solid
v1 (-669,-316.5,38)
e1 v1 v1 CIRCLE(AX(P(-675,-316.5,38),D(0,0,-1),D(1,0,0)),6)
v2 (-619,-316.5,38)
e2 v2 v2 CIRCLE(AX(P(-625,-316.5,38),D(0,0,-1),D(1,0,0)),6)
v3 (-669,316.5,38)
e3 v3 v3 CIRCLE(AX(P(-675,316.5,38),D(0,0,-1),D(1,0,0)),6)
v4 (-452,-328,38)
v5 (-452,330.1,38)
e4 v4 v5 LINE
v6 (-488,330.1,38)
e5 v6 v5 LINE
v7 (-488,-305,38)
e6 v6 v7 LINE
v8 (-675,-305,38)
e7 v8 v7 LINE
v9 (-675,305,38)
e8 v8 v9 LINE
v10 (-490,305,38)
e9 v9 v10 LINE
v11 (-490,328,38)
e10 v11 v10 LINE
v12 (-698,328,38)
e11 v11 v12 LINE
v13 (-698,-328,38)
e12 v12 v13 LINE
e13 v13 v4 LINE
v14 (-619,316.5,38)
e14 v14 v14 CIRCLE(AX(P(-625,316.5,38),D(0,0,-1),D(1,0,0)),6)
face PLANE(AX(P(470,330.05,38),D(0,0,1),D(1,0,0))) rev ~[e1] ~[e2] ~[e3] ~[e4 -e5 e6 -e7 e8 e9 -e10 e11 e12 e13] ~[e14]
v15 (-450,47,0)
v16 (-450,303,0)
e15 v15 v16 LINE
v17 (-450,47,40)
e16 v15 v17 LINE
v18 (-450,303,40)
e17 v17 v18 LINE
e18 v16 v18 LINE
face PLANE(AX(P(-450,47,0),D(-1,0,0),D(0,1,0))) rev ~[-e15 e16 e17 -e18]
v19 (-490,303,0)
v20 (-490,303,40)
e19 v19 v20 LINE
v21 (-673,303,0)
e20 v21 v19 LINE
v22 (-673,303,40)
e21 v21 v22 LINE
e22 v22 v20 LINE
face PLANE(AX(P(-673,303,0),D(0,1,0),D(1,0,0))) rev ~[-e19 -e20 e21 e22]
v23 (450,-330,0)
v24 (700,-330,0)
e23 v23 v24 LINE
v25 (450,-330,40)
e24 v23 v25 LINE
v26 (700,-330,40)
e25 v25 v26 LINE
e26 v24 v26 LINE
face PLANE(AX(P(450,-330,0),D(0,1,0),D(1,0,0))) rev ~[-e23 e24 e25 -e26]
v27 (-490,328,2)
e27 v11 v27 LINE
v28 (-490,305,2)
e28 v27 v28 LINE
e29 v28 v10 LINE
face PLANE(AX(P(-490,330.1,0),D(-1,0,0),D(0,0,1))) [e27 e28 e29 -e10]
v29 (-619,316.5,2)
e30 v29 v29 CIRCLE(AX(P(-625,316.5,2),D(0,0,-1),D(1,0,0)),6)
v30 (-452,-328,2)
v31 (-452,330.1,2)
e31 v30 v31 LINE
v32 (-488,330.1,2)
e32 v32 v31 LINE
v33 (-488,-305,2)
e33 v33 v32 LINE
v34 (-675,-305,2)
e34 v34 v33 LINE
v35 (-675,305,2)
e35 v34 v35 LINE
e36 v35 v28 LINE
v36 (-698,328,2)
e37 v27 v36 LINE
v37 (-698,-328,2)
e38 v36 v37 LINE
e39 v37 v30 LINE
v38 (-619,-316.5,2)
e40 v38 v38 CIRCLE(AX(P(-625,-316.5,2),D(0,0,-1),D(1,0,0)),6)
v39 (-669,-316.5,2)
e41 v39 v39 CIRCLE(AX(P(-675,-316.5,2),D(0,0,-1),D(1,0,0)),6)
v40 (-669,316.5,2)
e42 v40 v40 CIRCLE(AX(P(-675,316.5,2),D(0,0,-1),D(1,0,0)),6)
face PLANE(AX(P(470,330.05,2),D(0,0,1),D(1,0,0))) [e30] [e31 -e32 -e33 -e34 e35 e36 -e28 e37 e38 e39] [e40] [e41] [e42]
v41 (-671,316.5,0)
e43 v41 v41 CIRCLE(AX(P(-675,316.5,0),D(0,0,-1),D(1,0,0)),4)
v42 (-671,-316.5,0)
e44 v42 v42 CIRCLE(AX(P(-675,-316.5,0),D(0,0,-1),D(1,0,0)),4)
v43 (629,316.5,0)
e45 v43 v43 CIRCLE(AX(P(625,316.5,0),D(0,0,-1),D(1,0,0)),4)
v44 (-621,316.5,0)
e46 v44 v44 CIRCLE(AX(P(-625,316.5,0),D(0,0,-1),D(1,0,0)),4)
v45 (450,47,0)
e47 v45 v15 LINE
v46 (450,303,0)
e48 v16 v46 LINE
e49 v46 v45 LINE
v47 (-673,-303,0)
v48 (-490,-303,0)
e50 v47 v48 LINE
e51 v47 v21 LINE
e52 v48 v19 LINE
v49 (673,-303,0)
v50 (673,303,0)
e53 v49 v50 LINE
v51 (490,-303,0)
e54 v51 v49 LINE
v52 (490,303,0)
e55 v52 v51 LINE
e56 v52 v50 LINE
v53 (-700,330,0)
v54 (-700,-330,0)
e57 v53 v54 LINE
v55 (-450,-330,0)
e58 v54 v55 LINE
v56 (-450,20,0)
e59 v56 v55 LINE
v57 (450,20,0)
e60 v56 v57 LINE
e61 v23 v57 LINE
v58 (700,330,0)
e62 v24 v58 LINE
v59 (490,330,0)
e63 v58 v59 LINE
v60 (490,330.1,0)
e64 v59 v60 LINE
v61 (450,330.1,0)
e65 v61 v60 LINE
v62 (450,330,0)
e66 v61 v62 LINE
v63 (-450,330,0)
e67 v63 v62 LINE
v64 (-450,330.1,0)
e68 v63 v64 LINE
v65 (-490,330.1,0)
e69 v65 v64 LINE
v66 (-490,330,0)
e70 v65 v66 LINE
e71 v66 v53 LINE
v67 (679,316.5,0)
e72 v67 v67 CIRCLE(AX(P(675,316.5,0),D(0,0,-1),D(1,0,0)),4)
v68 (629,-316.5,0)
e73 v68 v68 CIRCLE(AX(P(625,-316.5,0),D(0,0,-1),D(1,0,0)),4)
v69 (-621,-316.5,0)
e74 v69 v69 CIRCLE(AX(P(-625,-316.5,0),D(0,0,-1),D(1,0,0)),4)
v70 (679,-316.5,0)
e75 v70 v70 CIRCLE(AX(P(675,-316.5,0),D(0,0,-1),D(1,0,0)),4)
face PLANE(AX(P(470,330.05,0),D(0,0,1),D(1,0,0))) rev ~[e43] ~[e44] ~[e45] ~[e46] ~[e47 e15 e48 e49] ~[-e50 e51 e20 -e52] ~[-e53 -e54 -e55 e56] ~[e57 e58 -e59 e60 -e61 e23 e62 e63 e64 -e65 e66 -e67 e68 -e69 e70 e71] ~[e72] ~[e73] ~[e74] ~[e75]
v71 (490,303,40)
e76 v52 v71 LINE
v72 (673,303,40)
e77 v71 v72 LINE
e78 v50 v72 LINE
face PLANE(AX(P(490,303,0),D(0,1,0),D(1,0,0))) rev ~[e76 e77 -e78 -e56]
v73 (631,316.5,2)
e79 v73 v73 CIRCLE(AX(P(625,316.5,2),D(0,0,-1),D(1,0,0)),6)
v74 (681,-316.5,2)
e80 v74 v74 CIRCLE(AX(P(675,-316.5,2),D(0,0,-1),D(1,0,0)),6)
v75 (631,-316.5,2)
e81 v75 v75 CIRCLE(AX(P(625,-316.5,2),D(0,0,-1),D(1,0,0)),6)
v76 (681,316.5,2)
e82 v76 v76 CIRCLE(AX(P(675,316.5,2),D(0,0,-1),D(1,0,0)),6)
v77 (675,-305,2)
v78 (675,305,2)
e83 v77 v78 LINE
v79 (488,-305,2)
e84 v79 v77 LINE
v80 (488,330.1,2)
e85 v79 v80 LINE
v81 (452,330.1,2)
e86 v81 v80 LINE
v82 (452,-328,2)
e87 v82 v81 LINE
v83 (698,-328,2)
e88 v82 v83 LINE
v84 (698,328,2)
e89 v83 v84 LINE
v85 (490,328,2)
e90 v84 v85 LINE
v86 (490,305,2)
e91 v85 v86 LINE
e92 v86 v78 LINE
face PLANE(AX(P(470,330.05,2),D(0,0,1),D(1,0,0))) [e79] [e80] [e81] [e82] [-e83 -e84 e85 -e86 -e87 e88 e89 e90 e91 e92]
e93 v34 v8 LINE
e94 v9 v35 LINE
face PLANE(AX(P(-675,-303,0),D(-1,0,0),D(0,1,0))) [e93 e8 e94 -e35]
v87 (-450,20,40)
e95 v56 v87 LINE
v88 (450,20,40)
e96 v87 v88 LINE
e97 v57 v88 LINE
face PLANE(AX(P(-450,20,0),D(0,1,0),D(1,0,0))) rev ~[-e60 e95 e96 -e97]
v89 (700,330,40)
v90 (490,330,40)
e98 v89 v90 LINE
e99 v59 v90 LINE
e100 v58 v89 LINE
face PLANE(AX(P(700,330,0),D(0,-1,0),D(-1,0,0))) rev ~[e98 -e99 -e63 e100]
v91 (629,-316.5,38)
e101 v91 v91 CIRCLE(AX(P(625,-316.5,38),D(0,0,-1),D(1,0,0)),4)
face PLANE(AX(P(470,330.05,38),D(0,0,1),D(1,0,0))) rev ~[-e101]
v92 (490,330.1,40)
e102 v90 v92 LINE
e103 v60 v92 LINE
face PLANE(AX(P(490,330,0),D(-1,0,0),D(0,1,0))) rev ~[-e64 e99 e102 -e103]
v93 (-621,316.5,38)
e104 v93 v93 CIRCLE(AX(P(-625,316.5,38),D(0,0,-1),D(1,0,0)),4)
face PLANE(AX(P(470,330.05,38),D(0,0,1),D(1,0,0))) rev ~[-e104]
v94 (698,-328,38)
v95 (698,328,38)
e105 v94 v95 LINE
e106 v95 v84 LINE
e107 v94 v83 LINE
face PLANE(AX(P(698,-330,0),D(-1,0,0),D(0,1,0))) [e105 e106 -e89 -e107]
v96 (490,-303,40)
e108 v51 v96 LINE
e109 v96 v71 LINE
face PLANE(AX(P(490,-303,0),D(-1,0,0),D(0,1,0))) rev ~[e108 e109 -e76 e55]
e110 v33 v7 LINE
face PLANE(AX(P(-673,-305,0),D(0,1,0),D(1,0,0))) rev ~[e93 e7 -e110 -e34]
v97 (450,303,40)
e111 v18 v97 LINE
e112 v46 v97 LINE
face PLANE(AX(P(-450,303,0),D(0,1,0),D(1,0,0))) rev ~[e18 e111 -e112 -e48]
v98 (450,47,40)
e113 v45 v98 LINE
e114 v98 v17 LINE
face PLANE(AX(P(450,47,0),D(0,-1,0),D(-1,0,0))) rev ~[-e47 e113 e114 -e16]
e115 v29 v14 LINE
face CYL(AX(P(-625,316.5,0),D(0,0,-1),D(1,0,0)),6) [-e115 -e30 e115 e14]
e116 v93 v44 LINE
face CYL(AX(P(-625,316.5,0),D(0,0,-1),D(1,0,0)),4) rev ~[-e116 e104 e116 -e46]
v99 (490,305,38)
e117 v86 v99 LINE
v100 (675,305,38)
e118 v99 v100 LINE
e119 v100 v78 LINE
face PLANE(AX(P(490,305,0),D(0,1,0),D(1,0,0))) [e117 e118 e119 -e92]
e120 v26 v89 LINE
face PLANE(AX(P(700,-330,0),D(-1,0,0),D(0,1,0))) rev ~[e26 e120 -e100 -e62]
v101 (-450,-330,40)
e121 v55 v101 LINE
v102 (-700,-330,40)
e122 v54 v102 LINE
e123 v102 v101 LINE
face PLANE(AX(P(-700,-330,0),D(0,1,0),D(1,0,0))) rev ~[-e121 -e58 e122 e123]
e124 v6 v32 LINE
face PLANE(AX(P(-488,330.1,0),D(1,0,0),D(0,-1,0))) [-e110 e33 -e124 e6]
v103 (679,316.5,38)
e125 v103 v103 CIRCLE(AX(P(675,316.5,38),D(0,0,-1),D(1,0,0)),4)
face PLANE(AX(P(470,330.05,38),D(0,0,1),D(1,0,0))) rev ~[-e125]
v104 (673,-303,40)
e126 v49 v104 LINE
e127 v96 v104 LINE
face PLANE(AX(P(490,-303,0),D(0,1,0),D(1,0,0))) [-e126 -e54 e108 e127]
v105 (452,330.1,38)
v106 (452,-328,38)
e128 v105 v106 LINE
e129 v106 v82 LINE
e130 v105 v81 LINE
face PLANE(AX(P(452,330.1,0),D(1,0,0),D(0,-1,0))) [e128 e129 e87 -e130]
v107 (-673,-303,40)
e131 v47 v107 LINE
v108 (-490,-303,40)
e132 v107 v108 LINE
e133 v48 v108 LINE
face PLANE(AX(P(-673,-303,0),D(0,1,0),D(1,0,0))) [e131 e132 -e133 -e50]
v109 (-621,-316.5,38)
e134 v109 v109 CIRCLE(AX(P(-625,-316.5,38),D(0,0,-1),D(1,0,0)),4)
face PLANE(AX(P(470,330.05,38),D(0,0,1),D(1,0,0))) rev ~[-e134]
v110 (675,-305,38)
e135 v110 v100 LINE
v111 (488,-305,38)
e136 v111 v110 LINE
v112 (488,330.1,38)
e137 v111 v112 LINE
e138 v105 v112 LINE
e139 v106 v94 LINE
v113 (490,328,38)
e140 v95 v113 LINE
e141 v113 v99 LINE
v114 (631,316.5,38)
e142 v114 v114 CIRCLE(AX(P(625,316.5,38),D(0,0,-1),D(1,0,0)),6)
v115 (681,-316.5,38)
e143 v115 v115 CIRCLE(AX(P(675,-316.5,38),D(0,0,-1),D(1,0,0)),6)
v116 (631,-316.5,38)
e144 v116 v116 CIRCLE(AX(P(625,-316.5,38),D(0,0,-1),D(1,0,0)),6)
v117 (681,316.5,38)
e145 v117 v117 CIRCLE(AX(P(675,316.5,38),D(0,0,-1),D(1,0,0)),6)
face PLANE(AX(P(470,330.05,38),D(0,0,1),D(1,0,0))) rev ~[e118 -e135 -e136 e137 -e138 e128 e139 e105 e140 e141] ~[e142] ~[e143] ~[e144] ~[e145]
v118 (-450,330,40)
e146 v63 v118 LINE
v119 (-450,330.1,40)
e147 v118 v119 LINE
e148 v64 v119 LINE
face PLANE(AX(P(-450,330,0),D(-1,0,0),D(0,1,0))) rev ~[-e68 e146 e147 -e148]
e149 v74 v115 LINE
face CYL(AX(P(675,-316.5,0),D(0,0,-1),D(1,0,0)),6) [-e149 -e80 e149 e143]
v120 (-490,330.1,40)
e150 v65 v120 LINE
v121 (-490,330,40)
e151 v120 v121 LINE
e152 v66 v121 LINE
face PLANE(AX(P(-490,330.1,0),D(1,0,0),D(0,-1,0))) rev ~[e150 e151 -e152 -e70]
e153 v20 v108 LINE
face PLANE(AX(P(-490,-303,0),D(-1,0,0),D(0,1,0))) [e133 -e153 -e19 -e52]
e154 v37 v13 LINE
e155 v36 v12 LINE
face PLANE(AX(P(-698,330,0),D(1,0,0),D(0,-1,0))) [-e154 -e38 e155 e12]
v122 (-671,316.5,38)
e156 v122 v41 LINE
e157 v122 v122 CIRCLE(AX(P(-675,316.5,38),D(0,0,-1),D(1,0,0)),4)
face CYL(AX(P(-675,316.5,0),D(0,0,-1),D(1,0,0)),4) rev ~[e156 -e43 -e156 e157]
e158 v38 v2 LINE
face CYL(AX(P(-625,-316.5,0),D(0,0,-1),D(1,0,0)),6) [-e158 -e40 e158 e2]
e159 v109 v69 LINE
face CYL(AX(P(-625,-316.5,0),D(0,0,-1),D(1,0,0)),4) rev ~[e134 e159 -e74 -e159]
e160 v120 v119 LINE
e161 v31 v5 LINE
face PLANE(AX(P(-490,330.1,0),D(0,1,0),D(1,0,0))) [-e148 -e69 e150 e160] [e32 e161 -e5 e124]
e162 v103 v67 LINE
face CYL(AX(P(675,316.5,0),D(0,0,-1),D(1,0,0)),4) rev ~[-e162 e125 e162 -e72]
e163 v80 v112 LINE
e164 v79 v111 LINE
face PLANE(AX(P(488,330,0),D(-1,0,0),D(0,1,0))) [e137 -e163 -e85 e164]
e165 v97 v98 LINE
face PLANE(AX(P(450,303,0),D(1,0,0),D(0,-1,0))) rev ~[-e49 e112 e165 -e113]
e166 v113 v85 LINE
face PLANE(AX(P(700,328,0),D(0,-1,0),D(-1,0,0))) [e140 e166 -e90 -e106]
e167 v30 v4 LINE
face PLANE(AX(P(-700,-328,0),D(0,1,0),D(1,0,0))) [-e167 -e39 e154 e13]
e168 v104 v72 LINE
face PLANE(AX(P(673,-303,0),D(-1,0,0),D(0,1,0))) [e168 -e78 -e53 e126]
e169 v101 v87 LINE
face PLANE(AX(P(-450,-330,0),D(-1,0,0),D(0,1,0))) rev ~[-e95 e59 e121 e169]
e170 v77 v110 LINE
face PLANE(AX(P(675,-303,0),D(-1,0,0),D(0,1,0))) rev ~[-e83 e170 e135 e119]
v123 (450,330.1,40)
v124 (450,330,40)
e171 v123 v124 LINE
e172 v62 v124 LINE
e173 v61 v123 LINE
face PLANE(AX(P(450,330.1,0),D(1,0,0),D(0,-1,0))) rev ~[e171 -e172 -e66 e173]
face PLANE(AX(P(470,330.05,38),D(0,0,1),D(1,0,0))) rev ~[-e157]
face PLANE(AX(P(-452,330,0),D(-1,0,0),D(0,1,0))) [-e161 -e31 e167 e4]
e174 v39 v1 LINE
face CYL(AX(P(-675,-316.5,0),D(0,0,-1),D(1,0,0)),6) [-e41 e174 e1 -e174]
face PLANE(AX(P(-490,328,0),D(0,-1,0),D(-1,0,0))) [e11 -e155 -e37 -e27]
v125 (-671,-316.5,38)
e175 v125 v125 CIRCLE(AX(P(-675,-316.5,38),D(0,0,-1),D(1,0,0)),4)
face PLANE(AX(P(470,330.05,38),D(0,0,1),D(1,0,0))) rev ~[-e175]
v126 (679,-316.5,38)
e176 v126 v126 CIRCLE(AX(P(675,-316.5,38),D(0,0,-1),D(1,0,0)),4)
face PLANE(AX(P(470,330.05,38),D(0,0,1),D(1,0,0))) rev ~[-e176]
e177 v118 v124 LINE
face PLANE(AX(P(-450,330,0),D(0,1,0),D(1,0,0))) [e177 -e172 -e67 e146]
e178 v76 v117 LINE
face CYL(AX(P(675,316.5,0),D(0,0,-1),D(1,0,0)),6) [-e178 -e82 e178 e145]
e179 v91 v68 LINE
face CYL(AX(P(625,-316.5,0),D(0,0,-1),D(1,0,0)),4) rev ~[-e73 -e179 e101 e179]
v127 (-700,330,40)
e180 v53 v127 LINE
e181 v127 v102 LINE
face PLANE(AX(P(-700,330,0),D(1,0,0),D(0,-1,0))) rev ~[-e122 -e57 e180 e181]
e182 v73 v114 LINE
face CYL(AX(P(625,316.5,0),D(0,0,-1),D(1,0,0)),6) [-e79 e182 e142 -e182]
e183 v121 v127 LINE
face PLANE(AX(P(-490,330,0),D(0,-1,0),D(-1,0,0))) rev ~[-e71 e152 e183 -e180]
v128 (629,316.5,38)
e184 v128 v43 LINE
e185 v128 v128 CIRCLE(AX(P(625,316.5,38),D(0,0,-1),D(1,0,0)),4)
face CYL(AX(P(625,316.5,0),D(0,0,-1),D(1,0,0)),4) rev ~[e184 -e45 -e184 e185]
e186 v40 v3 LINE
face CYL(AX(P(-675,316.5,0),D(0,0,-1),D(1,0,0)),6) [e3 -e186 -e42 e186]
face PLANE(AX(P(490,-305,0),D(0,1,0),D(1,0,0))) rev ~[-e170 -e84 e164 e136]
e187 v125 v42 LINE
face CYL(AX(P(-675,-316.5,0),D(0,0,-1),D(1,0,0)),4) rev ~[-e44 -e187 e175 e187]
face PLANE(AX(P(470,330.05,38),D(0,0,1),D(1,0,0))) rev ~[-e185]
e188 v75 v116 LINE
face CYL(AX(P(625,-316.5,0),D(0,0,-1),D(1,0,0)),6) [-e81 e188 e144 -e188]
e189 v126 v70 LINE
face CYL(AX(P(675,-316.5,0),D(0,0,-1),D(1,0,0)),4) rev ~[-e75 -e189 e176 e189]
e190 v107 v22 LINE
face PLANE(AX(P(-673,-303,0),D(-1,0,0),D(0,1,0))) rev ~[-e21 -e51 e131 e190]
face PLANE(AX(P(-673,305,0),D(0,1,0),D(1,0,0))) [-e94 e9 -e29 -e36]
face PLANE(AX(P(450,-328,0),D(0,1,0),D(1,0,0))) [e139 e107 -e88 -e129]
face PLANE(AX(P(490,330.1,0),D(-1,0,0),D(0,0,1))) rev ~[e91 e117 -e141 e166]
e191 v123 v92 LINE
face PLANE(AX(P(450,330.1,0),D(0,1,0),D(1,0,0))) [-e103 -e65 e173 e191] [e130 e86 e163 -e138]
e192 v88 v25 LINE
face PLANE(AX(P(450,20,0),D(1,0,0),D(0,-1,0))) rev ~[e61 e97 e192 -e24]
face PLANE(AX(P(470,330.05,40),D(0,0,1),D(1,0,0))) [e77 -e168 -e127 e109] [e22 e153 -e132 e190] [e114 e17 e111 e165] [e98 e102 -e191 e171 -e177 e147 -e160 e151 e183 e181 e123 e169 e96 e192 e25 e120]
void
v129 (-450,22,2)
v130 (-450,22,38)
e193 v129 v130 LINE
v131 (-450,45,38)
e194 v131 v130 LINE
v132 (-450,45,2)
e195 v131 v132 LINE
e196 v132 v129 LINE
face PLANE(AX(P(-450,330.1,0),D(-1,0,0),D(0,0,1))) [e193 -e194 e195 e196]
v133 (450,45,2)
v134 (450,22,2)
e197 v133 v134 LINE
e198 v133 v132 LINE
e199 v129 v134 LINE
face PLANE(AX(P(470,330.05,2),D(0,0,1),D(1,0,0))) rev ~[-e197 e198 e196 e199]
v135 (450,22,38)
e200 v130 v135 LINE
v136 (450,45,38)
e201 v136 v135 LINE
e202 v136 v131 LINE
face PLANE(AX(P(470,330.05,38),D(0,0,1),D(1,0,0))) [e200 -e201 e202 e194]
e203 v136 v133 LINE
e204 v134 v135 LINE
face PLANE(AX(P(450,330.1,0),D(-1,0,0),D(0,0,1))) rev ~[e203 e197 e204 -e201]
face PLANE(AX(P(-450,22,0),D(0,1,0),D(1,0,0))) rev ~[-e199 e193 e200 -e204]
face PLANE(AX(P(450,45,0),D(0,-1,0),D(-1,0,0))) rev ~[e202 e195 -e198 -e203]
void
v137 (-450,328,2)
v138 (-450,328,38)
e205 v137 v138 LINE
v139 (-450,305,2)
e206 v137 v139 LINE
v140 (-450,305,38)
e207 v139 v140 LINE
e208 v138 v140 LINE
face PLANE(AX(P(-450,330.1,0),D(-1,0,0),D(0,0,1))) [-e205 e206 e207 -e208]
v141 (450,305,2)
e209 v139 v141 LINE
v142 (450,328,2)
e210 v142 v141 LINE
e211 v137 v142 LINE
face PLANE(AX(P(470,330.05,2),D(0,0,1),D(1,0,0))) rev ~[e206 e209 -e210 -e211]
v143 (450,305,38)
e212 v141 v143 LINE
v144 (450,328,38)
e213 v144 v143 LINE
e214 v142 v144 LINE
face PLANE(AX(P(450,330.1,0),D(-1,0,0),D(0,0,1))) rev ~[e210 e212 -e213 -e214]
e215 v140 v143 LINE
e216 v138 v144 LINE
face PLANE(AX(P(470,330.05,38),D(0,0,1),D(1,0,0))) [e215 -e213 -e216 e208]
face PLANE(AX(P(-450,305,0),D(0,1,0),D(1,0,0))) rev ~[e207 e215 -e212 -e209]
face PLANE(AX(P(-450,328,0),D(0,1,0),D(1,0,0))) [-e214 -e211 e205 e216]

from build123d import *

# Parameters (mm, degrees)
F0_W     = 40
F0_H     = 0.1
F0_H_2   = 27
F0_W_2   = 900
F0_W_3   = 183
F0_H_3   = 606
F1_DEPTH = 40
F2_T     = -2
F3_DEPTH = 390
F4_R     = 4
F5_DEPTH = 25
F4_R_2   = 6
F6_DEPTH = 40


with BuildPart() as f1:
    # F0 (on Top) → F1 (new body)
    with BuildSketch(Plane.XY):
        with Locations((470, 330.05)):
            Rectangle(F0_W, F0_H)
        with Locations((-470, 330.05)):
            Rectangle(F0_W, F0_H)
        with Locations((470, 316.5)):
            Rectangle(F0_W, F0_H_2)
        with Locations((0, 316.5)):
            Rectangle(F0_W_2, F0_H_2)
        with Locations((-470, 316.5)):
            Rectangle(F0_W, F0_H_2)
        Polygon((450, -330), (700, -330), (700, 330), (490, 330), (490, 303), (450, 303), (450, 47), (-450, 47), (-450, 303), (-490, 303), (-490, 330), (-700, 330), (-700, -330), (-450, -330), (-450, 20), (450, 20), align=None)
        with Locations((-581.5, 0)):
            Rectangle(F0_W_3, F0_H_3, mode=Mode.SUBTRACT)
        with Locations((581.5, 0)):
            Rectangle(F0_W_3, F0_H_3, mode=Mode.SUBTRACT)
    extrude(amount=F1_DEPTH)

    # F2
    f2_openings = [f1.faces().sort_by_distance(p)[0] for p in [
        (-470, 330.1, 20),
        (470, 330.1, 20),
    ]]
    offset(amount=F2_T, openings=f2_openings, kind=Kind.INTERSECTION)

    # F3 (add): faces of the model
    f3_faces = [f1.faces().sort_by_distance(p)[0] for p in [
        (489.4343145751, 330.1, 20),
        (-450.5656854249, 330.1, 20),
    ]]
    extrude(f3_faces, amount=-F3_DEPTH)

    # F4 (on face) → F5 (cut)
    with BuildSketch(Plane(origin=(0, 0, 0), x_dir=(1, 0, 0), z_dir=(0, 0, -1))):
        with Locations((-675, -316.5)):
            Circle(F4_R)
        with Locations((-625, -316.5)):
            Circle(F4_R)
        with Locations((675, -316.5)):
            Circle(F4_R)
        with Locations((625, -316.5)):
            Circle(F4_R)
        with Locations((-675, 316.5)):
            Circle(F4_R)
        with Locations((-625, 316.5)):
            Circle(F4_R)
        with Locations((675, 316.5)):
            Circle(F4_R)
        with Locations((625, 316.5)):
            Circle(F4_R)
    extrude(amount=-F5_DEPTH, mode=Mode.SUBTRACT)

    # F4 (on face) → F6 (join)
    with BuildSketch(Plane(origin=(0, 0, 0), x_dir=(1, 0, 0), z_dir=(0, 0, -1))):
        with Locations((-675, -316.5)):
            Circle(F4_R_2)
        with Locations((-675, -316.5)):
            Circle(F4_R, mode=Mode.SUBTRACT)
        with Locations((-625, -316.5)):
            Circle(F4_R_2)
        with Locations((-625, -316.5)):
            Circle(F4_R, mode=Mode.SUBTRACT)
        with Locations((-675, 316.5)):
            Circle(F4_R_2)
        with Locations((-675, 316.5)):
            Circle(F4_R, mode=Mode.SUBTRACT)
        with Locations((-625, 316.5)):
            Circle(F4_R_2)
        with Locations((-625, 316.5)):
            Circle(F4_R, mode=Mode.SUBTRACT)
        with Locations((675, 316.5)):
            Circle(F4_R_2)
        with Locations((675, 316.5)):
            Circle(F4_R, mode=Mode.SUBTRACT)
        with Locations((625, 316.5)):
            Circle(F4_R_2)
        with Locations((625, 316.5)):
            Circle(F4_R, mode=Mode.SUBTRACT)
        with Locations((675, -316.5)):
            Circle(F4_R_2)
        with Locations((675, -316.5)):
            Circle(F4_R, mode=Mode.SUBTRACT)
        with Locations((625, -316.5)):
            Circle(F4_R_2)
        with Locations((625, -316.5)):
            Circle(F4_R, mode=Mode.SUBTRACT)
    extrude(amount=-F6_DEPTH)


solid = f1.part
